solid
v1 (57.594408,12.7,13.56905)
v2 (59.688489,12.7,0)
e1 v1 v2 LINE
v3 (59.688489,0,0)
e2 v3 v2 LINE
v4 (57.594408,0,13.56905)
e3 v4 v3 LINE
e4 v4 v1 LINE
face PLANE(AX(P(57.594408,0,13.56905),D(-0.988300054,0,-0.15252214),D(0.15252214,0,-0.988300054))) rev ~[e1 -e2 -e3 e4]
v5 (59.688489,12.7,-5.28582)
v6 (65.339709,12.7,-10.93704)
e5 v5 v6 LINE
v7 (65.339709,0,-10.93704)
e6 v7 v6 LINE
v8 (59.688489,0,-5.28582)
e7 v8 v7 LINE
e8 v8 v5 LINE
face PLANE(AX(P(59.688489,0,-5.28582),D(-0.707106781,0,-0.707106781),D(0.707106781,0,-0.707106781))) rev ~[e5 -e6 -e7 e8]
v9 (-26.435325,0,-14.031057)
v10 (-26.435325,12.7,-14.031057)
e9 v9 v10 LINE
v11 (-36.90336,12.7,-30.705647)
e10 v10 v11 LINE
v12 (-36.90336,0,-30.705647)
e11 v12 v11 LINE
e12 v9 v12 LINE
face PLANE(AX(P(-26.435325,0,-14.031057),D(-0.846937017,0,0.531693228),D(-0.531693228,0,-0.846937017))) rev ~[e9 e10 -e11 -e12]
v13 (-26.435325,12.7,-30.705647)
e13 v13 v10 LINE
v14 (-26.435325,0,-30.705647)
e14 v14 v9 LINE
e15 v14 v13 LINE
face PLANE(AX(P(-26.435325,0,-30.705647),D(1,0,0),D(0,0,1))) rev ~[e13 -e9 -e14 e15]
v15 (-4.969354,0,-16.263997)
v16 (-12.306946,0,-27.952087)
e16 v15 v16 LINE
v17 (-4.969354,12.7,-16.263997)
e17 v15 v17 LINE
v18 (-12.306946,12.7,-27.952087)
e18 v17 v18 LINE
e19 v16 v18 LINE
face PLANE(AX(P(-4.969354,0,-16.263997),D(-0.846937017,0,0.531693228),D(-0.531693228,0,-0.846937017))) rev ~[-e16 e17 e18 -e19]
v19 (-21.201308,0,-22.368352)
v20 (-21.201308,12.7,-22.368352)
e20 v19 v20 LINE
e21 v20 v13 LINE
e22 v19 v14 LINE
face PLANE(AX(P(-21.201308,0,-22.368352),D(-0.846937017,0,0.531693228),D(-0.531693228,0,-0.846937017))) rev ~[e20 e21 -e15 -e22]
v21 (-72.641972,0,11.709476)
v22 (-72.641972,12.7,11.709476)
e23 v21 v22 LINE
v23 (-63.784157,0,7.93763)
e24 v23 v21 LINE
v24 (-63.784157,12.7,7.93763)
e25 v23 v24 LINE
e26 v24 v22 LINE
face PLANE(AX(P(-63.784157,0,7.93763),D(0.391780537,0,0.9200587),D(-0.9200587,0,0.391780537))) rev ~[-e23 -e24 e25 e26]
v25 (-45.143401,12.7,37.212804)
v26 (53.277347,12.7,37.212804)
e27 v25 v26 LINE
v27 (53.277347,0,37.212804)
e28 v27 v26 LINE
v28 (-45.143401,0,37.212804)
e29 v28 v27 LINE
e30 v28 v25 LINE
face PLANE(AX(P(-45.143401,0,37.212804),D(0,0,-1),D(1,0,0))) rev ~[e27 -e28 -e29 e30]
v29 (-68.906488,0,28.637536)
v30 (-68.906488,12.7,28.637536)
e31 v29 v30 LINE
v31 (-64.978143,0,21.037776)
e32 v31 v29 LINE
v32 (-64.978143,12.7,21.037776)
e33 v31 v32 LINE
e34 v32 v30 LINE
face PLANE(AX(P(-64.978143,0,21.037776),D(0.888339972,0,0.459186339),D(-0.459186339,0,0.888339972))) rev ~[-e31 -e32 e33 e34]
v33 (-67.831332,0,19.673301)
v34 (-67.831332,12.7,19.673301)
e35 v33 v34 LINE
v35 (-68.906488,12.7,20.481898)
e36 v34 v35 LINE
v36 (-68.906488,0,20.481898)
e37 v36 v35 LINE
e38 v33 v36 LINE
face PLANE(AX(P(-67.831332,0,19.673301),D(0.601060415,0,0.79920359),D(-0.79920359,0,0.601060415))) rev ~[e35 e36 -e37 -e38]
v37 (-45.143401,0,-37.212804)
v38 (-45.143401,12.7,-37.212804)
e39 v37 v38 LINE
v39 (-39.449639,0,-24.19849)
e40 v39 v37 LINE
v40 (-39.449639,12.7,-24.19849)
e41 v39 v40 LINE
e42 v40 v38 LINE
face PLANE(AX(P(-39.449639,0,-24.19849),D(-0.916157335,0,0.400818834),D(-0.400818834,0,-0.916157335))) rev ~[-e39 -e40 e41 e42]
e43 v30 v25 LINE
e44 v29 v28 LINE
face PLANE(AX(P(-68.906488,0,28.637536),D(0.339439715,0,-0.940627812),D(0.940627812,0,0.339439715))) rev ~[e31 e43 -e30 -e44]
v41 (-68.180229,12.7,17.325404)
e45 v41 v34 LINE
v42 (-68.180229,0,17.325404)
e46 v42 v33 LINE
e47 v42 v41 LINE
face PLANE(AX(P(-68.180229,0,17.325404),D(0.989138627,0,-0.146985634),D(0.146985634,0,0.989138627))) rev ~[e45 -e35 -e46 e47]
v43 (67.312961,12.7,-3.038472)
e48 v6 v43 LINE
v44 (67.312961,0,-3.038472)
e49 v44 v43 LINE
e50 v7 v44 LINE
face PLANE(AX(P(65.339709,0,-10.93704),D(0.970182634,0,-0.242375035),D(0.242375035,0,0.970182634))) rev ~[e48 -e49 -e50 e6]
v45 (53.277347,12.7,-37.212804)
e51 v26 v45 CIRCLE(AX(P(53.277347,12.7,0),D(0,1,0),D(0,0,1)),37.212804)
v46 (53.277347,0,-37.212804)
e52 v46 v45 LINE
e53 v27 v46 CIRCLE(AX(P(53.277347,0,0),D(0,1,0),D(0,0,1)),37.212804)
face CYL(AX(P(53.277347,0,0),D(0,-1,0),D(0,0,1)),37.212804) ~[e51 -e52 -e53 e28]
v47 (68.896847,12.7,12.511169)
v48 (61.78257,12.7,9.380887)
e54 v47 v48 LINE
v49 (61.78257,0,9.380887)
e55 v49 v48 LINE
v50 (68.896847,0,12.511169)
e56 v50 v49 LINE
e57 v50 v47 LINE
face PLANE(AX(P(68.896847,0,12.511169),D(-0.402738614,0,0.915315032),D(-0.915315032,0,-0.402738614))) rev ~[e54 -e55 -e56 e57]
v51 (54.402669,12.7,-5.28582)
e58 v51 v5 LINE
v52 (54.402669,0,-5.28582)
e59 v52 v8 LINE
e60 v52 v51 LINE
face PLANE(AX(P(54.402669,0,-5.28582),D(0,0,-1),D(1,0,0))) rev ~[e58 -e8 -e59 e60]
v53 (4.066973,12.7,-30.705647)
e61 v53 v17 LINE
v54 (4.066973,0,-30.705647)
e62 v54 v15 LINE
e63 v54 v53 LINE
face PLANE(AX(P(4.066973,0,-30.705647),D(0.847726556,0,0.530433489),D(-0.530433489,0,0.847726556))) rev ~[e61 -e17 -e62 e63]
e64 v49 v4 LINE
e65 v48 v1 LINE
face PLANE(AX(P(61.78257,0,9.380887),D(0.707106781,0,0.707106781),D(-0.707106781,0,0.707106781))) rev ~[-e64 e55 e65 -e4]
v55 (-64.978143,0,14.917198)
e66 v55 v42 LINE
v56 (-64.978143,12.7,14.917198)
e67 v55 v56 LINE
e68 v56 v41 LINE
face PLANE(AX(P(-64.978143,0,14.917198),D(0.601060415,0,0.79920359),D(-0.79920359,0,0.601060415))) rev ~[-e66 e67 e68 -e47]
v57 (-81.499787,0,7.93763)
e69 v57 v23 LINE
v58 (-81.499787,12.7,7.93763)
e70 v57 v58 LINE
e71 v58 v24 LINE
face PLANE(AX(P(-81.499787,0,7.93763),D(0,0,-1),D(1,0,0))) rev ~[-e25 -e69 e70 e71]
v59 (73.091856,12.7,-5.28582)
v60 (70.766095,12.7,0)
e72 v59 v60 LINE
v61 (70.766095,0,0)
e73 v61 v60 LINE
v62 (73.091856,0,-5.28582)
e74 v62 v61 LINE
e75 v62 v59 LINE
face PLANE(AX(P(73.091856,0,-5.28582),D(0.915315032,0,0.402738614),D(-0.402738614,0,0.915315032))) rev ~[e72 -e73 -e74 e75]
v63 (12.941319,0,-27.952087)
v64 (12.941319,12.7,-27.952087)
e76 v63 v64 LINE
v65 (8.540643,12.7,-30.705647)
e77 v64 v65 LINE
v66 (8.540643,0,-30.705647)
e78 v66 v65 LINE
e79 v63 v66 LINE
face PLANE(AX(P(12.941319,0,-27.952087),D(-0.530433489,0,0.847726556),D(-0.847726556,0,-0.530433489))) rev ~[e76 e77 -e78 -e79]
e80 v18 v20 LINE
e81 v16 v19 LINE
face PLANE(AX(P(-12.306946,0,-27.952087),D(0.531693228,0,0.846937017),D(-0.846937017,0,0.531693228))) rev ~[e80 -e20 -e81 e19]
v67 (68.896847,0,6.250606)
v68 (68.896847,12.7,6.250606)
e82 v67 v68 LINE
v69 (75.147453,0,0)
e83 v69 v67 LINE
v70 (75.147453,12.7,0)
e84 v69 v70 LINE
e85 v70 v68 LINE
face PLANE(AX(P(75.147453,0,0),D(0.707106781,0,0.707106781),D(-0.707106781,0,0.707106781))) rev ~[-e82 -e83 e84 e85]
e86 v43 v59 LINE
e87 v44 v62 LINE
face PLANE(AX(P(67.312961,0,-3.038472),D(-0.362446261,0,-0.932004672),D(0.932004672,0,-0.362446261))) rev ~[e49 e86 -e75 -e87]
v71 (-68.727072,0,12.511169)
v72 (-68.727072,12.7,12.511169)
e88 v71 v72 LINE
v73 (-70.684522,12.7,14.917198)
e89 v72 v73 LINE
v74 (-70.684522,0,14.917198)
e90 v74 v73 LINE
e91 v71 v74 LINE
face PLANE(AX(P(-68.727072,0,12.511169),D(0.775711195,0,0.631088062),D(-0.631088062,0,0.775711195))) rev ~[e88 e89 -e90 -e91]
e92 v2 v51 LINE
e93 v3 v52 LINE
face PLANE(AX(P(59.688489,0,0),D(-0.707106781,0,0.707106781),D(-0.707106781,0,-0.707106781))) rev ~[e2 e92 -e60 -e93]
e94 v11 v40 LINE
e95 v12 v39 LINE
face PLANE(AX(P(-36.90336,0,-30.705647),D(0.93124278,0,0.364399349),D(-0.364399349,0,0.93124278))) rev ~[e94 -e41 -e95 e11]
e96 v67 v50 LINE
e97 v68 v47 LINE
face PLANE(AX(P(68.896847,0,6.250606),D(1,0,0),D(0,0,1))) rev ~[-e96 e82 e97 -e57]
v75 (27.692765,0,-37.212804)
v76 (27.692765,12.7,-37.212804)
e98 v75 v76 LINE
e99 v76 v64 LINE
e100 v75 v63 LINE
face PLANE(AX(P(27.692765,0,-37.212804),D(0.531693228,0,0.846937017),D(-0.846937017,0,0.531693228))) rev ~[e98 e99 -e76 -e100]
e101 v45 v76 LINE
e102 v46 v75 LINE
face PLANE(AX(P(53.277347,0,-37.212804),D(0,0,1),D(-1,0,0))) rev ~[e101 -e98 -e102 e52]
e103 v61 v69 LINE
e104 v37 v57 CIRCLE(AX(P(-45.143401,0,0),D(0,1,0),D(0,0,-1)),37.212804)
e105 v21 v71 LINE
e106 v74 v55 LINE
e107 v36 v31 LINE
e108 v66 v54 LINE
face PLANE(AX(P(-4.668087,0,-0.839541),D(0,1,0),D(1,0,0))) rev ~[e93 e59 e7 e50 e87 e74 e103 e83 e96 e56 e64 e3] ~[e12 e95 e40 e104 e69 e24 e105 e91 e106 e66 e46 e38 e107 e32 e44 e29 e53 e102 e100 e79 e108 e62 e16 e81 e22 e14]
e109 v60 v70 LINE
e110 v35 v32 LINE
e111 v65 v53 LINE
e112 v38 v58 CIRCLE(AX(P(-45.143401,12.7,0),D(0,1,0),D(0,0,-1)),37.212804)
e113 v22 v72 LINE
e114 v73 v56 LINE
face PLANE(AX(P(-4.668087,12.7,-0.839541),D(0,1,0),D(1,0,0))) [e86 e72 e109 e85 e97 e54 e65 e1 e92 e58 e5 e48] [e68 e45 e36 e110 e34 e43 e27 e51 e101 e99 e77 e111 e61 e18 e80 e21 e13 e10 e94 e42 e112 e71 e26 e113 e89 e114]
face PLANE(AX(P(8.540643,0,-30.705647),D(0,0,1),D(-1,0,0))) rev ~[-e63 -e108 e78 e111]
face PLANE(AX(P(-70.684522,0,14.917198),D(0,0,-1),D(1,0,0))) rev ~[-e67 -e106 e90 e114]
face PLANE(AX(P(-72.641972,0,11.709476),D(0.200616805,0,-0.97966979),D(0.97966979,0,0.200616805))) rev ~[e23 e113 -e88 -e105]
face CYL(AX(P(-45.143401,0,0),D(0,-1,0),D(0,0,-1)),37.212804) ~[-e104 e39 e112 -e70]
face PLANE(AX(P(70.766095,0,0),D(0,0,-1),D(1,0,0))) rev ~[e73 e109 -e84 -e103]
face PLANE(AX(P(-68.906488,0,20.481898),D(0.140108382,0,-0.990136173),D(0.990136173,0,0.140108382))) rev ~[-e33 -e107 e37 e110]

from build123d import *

# Parameters (mm, degrees)
BOSS_EXTRUDE1_DEPTH = 12.7


with BuildPart() as part:
    # Sketch1 → Boss-Extrude1 (new body)
    with BuildSketch(Plane(origin=(0, 0, 0), x_dir=(1, 0, 0), z_dir=(0, 1, 0))):
        with BuildLine():
            Line((53.277347388, 37.21280371), (27.692764767, 37.21280371))
            Line((27.692764767, 37.21280371), (12.941319101, 27.952087025))
            Line((12.941319101, 27.952087025), (8.540643474, 30.705646777))
            Line((8.540643474, 30.705646777), (4.066973083, 30.705646777))
            Line((4.066973083, 30.705646777), (-4.969353988, 16.263997468))
            Line((-4.969353988, 16.263997468), (-12.306945735, 27.952087025))
            Line((-12.306945735, 27.952087025), (-21.201307507, 22.368351957))
            Line((-21.201307507, 22.368351957), (-26.43532504, 30.705646777))
            Line((-26.43532504, 30.705646777), (-26.43532504, 14.031057137))
            Line((-26.43532504, 14.031057137), (-36.903360106, 30.705646777))
            Line((-36.903360106, 30.705646777), (-39.449638906, 24.198489844))
            Line((-39.449638906, 24.198489844), (-45.143401222, 37.21280371))
            ThreePointArc((-45.143401222, 37.21280371), (-74.127657469, 23.338929919), (-81.499787082, -7.937629821))
            Line((-81.499787082, -7.937629821), (-63.784157153, -7.937629821))
            Line((-63.784157153, -7.937629821), (-72.641972118, -11.70947558))
            Line((-72.641972118, -11.70947558), (-68.727071589, -12.511169013))
            Line((-68.727071589, -12.511169013), (-70.684521854, -14.91719786))
            Line((-70.684521854, -14.91719786), (-64.97814292, -14.91719786))
            Line((-64.97814292, -14.91719786), (-68.180229032, -17.32540427))
            Line((-68.180229032, -17.32540427), (-67.831332387, -19.673301397))
            Line((-67.831332387, -19.673301397), (-68.906488172, -20.481898343))
            Line((-68.906488172, -20.481898343), (-64.97814292, -21.037775518))
            Line((-64.97814292, -21.037775518), (-68.906488172, -28.637535833))
            Line((-68.906488172, -28.637535833), (-45.143401222, -37.21280371))
            Line((-45.143401222, -37.21280371), (53.277347388, -37.21280371))
            ThreePointArc((53.277347388, -37.21280371), (90.490151098, 0), (53.277347388, 37.21280371))
        make_face()
        Polygon((65.339708642, 10.937039543), (67.312961335, 3.038472361), (73.091855891, 5.285820244), (70.766094983, 0), (75.147452652, 0), (68.896846804, -6.250605848), (68.896846804, -12.511169013), (61.782570481, -9.38088743), (57.594408206, -13.569049705), (59.688489343, 0), (54.402669099, 5.285820244), (59.688489343, 5.285820244), align=None, mode=Mode.SUBTRACT)
    extrude(amount=BOSS_EXTRUDE1_DEPTH)


solid = part.part
